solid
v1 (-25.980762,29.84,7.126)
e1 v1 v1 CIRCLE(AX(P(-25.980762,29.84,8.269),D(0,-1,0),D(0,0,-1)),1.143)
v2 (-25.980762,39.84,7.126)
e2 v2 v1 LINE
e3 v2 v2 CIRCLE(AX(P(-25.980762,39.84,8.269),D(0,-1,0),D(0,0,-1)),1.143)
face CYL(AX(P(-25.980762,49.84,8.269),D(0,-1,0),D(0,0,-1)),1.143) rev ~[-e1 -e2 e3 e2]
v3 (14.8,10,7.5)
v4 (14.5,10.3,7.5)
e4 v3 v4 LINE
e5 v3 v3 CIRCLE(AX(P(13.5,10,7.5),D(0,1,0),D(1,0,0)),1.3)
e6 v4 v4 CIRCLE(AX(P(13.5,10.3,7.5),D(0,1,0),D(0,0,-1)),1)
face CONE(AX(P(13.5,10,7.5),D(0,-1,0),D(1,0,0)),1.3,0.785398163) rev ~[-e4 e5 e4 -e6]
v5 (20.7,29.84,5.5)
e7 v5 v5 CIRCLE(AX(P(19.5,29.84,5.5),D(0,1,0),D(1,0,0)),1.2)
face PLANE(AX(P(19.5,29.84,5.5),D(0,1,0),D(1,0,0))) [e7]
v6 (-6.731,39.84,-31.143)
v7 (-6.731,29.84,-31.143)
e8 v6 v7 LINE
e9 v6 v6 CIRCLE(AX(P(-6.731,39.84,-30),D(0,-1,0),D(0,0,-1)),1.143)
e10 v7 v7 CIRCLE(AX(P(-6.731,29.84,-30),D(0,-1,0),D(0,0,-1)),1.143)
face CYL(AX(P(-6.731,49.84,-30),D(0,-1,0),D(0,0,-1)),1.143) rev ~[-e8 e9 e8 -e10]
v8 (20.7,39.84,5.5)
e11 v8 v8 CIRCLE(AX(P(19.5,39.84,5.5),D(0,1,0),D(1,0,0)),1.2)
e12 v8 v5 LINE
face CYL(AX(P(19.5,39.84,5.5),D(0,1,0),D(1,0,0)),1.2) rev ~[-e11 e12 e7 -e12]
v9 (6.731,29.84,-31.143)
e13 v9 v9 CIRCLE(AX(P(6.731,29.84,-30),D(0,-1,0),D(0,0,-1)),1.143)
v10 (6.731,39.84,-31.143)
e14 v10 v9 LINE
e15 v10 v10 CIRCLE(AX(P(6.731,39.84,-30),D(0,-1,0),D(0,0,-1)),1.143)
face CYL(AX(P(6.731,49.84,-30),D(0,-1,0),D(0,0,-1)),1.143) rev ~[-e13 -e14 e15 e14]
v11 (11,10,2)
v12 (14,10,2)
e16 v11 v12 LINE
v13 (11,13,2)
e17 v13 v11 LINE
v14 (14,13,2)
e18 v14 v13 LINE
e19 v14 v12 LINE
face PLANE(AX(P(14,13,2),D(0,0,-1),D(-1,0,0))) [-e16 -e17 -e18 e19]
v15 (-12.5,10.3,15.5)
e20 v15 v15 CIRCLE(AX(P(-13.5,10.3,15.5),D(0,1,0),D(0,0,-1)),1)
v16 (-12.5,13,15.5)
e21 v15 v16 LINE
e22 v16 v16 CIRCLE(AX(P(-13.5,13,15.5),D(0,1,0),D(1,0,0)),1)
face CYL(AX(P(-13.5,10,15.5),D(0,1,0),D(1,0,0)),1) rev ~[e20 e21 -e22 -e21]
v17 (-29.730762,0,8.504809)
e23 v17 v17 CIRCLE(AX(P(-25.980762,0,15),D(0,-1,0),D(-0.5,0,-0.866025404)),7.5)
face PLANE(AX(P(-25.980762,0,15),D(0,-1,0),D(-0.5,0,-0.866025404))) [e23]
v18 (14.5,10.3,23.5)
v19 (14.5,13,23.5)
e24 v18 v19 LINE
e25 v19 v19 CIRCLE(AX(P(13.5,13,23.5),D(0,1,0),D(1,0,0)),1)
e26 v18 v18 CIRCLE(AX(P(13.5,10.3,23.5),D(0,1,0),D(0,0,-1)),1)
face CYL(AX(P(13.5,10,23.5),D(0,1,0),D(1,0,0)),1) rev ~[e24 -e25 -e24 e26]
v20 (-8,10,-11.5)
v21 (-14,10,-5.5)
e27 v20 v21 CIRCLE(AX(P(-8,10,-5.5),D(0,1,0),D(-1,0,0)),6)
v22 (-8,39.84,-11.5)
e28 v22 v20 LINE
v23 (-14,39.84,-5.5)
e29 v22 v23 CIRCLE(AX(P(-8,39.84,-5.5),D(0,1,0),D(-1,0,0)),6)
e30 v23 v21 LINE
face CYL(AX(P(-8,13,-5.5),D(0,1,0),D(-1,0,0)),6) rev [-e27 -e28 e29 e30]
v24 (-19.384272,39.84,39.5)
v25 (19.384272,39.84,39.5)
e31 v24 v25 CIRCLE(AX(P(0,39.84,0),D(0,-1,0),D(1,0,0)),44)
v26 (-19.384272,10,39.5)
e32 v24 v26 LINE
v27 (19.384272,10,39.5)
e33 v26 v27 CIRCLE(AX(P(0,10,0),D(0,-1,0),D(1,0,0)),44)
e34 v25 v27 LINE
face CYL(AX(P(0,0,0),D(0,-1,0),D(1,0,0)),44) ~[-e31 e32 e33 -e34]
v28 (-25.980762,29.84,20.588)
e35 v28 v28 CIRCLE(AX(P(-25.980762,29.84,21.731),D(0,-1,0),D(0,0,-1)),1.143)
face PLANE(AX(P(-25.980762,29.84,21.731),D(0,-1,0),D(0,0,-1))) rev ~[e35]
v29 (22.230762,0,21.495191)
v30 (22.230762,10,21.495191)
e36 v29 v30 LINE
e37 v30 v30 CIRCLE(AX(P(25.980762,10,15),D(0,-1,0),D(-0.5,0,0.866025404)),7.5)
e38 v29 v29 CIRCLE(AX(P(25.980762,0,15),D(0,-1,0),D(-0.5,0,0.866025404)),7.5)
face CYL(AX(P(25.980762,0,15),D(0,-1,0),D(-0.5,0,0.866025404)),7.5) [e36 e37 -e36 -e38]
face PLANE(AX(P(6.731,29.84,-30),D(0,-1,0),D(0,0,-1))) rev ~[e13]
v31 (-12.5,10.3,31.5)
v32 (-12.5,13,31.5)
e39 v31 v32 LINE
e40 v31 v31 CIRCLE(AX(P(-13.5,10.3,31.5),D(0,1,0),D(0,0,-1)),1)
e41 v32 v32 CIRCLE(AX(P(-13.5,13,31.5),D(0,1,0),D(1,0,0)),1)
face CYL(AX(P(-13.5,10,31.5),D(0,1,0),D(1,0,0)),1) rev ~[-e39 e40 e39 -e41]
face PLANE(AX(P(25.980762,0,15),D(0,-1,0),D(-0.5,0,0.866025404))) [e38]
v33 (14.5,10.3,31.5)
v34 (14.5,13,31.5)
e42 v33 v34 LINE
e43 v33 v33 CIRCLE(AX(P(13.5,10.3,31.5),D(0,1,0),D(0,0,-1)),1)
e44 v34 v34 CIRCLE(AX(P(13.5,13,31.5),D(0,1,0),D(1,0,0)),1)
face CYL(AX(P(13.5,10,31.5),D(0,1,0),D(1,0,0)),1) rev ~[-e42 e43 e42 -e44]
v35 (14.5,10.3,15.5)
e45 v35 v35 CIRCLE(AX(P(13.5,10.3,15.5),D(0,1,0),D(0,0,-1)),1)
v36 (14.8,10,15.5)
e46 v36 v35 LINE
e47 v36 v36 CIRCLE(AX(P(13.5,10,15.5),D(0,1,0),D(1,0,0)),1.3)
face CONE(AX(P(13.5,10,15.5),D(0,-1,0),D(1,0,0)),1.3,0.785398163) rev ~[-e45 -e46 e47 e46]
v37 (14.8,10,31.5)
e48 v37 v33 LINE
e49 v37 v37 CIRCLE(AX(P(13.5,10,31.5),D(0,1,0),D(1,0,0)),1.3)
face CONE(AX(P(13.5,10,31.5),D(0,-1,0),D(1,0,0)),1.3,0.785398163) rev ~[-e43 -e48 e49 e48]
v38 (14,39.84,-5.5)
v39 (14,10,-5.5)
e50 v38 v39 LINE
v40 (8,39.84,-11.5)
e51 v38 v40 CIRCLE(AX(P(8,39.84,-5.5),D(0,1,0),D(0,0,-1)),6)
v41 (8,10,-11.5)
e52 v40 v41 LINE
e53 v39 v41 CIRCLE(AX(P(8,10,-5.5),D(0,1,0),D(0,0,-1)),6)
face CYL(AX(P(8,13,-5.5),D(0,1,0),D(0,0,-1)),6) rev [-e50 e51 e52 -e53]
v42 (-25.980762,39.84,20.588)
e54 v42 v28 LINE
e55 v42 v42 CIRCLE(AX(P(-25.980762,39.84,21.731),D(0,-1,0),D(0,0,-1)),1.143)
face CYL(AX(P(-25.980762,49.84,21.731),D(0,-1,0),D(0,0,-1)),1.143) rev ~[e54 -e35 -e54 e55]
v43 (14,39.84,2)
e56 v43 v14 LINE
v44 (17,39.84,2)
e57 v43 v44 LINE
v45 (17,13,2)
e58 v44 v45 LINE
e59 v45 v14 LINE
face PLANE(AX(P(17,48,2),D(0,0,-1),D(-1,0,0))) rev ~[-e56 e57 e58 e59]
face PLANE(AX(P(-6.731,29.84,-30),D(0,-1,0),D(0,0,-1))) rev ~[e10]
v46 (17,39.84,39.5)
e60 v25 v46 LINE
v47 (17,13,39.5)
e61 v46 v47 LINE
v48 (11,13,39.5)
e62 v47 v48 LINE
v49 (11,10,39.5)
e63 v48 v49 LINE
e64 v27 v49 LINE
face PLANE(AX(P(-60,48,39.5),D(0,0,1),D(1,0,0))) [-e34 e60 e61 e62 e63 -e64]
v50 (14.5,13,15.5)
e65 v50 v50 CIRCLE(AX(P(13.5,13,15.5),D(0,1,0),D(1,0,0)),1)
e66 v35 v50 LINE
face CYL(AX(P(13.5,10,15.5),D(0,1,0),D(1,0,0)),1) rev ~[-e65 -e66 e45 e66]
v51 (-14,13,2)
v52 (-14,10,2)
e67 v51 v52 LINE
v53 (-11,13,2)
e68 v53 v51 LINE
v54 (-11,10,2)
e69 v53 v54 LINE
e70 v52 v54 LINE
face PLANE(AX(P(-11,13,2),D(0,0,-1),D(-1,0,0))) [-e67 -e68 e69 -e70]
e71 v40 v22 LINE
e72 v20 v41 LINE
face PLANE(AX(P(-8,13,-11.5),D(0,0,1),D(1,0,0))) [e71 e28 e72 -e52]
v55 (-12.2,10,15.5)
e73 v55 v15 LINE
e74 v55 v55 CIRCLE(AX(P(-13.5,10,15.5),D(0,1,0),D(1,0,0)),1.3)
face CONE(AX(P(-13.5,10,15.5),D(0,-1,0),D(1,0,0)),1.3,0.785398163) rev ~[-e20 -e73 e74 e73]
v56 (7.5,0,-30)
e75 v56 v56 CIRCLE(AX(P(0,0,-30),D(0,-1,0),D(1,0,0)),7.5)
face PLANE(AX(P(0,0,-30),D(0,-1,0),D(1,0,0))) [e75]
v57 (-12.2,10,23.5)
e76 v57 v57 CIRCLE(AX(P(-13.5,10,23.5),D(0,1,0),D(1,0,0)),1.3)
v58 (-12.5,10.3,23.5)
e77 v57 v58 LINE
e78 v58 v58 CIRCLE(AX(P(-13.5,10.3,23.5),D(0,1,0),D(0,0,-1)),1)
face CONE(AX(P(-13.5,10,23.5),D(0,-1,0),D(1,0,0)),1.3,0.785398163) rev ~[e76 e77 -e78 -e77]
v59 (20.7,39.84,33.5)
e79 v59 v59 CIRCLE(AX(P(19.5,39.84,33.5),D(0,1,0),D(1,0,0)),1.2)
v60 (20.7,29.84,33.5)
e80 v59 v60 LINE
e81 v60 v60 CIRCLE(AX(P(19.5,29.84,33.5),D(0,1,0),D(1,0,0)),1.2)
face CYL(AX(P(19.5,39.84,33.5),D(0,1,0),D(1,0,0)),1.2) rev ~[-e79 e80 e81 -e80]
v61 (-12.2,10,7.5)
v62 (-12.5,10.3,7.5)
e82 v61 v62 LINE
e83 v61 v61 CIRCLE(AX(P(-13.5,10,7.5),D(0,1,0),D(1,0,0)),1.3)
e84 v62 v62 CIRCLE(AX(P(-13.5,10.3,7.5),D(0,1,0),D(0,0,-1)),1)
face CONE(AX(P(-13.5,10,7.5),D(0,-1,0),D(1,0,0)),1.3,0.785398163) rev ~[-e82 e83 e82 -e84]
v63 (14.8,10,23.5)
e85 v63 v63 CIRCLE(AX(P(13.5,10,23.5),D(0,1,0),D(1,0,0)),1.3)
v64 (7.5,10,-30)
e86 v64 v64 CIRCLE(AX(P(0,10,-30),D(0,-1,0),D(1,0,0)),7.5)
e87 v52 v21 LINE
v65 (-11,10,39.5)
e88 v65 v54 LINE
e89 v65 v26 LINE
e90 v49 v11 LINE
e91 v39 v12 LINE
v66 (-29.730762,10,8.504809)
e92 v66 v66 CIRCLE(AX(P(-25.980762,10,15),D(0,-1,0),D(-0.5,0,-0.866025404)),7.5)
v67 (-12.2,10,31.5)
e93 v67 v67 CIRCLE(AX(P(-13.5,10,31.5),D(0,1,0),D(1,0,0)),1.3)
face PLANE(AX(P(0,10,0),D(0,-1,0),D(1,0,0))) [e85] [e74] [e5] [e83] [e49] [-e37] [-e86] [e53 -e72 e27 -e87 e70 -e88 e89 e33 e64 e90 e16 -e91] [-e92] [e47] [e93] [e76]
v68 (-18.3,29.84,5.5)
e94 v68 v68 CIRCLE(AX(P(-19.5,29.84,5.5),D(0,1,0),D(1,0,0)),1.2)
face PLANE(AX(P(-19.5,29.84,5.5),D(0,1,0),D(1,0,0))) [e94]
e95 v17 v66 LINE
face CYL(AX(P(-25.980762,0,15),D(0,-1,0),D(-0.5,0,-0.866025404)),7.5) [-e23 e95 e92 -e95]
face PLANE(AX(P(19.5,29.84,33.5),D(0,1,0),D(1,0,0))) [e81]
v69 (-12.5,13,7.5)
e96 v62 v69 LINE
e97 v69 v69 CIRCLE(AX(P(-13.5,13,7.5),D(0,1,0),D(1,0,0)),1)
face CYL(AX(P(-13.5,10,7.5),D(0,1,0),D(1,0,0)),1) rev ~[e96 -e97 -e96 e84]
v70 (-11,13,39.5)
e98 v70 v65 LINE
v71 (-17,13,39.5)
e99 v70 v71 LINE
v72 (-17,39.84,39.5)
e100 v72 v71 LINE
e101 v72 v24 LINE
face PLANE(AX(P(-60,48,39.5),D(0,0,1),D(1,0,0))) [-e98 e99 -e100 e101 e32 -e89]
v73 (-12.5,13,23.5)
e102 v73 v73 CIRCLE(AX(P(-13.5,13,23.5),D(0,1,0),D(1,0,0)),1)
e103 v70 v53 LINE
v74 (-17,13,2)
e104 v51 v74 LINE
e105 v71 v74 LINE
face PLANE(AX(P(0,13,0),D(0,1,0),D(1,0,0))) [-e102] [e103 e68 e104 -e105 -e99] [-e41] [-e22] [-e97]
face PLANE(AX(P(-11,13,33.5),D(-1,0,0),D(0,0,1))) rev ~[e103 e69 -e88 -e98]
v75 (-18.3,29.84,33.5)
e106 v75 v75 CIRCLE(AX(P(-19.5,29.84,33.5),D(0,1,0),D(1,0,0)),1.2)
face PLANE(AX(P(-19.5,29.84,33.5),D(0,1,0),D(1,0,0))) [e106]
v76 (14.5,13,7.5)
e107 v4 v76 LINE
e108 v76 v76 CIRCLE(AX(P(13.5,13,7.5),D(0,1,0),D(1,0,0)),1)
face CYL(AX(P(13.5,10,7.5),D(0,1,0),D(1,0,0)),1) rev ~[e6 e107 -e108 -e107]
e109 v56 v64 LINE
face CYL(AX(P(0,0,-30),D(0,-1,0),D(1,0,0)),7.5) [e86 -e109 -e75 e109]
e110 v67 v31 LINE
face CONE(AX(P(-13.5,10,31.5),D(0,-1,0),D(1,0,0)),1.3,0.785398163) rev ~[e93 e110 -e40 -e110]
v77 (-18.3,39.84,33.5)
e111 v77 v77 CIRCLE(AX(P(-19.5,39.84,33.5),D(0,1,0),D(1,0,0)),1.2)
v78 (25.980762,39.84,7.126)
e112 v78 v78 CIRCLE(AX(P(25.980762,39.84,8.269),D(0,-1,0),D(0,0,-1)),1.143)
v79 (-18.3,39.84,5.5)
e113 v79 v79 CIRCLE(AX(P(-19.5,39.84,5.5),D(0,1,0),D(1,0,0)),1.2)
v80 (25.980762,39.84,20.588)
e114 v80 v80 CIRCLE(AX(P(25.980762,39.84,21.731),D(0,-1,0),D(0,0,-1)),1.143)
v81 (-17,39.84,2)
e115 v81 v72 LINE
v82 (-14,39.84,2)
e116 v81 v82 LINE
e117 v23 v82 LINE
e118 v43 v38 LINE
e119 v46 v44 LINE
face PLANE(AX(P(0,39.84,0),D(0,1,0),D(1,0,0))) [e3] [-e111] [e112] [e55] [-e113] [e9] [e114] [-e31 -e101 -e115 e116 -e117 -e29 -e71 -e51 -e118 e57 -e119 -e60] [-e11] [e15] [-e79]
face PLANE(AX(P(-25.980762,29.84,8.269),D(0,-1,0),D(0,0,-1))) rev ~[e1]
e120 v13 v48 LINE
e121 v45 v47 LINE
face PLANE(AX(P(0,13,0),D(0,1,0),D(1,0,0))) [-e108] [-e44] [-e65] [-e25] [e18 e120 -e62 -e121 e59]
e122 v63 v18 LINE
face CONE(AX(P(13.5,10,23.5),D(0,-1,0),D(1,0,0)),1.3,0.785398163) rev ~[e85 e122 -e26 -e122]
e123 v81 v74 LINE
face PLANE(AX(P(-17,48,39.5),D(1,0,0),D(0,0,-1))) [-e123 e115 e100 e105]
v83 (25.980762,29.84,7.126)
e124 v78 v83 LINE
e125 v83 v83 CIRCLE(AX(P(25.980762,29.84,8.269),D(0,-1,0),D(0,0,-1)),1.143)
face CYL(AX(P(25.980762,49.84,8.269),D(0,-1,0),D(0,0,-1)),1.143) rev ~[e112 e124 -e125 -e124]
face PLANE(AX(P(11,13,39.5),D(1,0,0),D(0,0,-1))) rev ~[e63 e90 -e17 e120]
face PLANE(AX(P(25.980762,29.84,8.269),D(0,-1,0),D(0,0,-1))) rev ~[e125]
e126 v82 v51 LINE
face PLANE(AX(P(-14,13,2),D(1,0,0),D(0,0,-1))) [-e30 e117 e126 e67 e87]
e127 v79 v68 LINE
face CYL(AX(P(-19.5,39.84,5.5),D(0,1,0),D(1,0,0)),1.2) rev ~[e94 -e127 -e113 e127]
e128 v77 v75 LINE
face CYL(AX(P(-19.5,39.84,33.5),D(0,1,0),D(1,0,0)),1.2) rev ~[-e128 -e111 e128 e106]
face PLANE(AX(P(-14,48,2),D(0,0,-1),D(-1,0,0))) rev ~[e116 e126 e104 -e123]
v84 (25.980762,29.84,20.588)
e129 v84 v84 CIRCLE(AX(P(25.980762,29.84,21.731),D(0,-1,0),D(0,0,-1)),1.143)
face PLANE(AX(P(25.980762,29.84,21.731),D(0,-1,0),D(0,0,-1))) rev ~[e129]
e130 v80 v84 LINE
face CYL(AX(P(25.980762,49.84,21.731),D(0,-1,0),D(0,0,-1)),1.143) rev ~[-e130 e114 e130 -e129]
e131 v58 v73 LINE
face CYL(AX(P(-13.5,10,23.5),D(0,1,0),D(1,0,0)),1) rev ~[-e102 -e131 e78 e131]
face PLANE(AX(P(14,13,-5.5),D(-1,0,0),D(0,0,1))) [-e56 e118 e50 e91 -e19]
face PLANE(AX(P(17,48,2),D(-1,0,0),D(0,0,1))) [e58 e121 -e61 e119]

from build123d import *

# Parameters (mm, degrees)
IZIM2_R                                        = 44
Y_KSEKLIK_EKSTR_ZYON1_DEPTH                    = 48
IZIM3_R                                        = 11
KES_EKSTR_ZYON1_DEPTH                          = 35
SERVO_MOTOR_BO_LU_U_REACH                      = 15
IZIM5_R                                        = 5.5
IZIM5_W                                        = 20
IZIM5_H                                        = 6.5
IZIM5_W_2                                      = 6
IZIM5_H_2                                      = 7.2
IZIM6_W                                        = 120
IZIM6_H                                        = 25
KES_EKSTR_ZYON3_DEPTH                          = 49
IZIM7_W                                        = 34
IZIM7_H                                        = 10
KES_EKSTR_ZYON4_DEPTH                          = 37.5
IZIM8_R                                        = 5.5
IZIM8_W                                        = 20
IZIM8_H                                        = 6.5
KES_EKSTR_ZYON5_DEPTH                          = 14
M2_D_Z_BA_L_MAKINE_VIDAS_IN_HAV_A1_D           = 2
M2_D_Z_BA_L_MAKINE_VIDAS_IN_HAV_A1_DEPTH       = 3
M2_D_Z_BA_L_MAKINE_VIDAS_IN_HAV_A1_CSINK_D     = 2.6
M2_D_Z_BA_L_MAKINE_VIDAS_IN_HAV_A1_CSINK_ANGLE = 90
IZIM11_R                                       = 47.5
KES_EKSTR_ZYON6_DEPTH                          = 8.16
IZIM14_R                                       = 47.5
KES_EKSTR_ZYON7_DEPTH                          = 10
IZIM13_R                                       = 7.5
TABAN_AYAKLAR_DEPTH                            = 10
DAIRESEL_KAPLAMA1_COUNT                        = 3
F_3_8_Z_VANA_IN_BORU_Z_VANA_MATKAB_1_D         = 2.286
F_3_8_Z_VANA_IN_BORU_Z_VANA_MATKAB_1_DEPTH     = 10
IZIM18_R                                       = 1.2
KES_EKSTR_ZYON8_DEPTH                          = 10


with BuildPart() as part:
    # Çizim2 → Yükseklik-Ekstrüzyon1 (new body)
    with BuildSketch(Plane(origin=(0, 0, 0), x_dir=(1, 0, 0), z_dir=(0, 1, 0))):
        Circle(IZIM2_R)
    extrude(amount=Y_KSEKLIK_EKSTR_ZYON1_DEPTH)

    # Çizim3 → Kes-Ekstrüzyon1 (cut)
    with BuildSketch(Plane(origin=(0, 48, 0), x_dir=(1, 0, 0), z_dir=(0, 1, 0))):
        Circle(IZIM3_R)
        Polygon((-14, -2), (14, -2), (17, -2), (17, -39.5), (-17, -39.5), (-17, -2), align=None)
        with BuildLine():
            Line((-8, 11.5), (8, 11.5))
            ThreePointArc((8, 11.5), (12.242640687, 9.742640687), (14, 5.5))
            Line((14, 5.5), (14, -2))
            Line((14, -2), (-14, -2))
            Line((-14, -2), (-14, 5.5))
            ThreePointArc((-14, 5.5), (-12.242640687, 9.742640687), (-8, 11.5))
        make_face()
        with BuildLine():
            ThreePointArc((11, 0), (-1.004193186, 10.954067557), (-10.816653826, -2))
            Line((-10.816653826, -2), (10.816653826, -2))
            ThreePointArc((10.816653826, -2), (10.954067557, -1.004193186), (11, 0))
        make_face()
        with BuildLine():
            Line((10.816653826, -2), (-10.816653826, -2))
            ThreePointArc((-10.816653826, -2), (0, -11), (10.816653826, -2))
        make_face()
    extrude(amount=-KES_EKSTR_ZYON1_DEPTH, mode=Mode.SUBTRACT)

    # Çizim5 → Servo Motor Boşluğu (cut, up to next)
    with BuildSketch(Plane(origin=(0, 13, 0), x_dir=(1, 0, 0), z_dir=(0, 1, 0)), mode=Mode.PRIVATE) as servo_motor_bo_lu_u_sk1:
        Circle(IZIM5_R)
    servo_motor_bo_lu_u_tool1 = extrude(servo_motor_bo_lu_u_sk1.sketch, amount=-SERVO_MOTOR_BO_LU_U_REACH, mode=Mode.PRIVATE) & part.part
    add(servo_motor_bo_lu_u_tool1.solids().sort_by_distance((0, 13, 0))[0], mode=Mode.SUBTRACT)
    # Çizim5 → Servo Motor Boşluğu (cut, up to next)
    with BuildSketch(Plane(origin=(0, 13, 0), x_dir=(1, 0, 0), z_dir=(0, 1, 0)), mode=Mode.PRIVATE) as servo_motor_bo_lu_u_sk2:
        with Locations((0, -16.35)):
            Rectangle(IZIM5_W, IZIM5_H)
    servo_motor_bo_lu_u_tool2 = extrude(servo_motor_bo_lu_u_sk2.sketch, amount=-SERVO_MOTOR_BO_LU_U_REACH, mode=Mode.PRIVATE) & part.part
    add(servo_motor_bo_lu_u_tool2.solids().sort_by_distance((0, 13, 16.35))[0], mode=Mode.SUBTRACT)
    # Çizim5 → Servo Motor Boşluğu (cut, up to next)
    with BuildSketch(Plane(origin=(0, 13, 0), x_dir=(1, 0, 0), z_dir=(0, 1, 0)), mode=Mode.PRIVATE) as servo_motor_bo_lu_u_sk3:
        with Locations((-8, -29.9)):
            Rectangle(IZIM5_W_2, IZIM5_H_2)
    servo_motor_bo_lu_u_tool3 = extrude(servo_motor_bo_lu_u_sk3.sketch, amount=-SERVO_MOTOR_BO_LU_U_REACH, mode=Mode.PRIVATE) & part.part
    add(servo_motor_bo_lu_u_tool3.solids().sort_by_distance((-8, 13, 29.9))[0], mode=Mode.SUBTRACT)
    # Çizim5 → Servo Motor Boşluğu (cut, up to next)
    with BuildSketch(Plane(origin=(0, 13, 0), x_dir=(1, 0, 0), z_dir=(0, 1, 0)), mode=Mode.PRIVATE) as servo_motor_bo_lu_u_sk4:
        with Locations((8, -29.9)):
            Rectangle(IZIM5_W_2, IZIM5_H_2)
    servo_motor_bo_lu_u_tool4 = extrude(servo_motor_bo_lu_u_sk4.sketch, amount=-SERVO_MOTOR_BO_LU_U_REACH, mode=Mode.PRIVATE) & part.part
    add(servo_motor_bo_lu_u_tool4.solids().sort_by_distance((8, 13, 29.9))[0], mode=Mode.SUBTRACT)

    # Çizim6 → Kes-Ekstrüzyon3 (cut, through all)
    with BuildSketch(Plane(origin=(0, 48, 0), x_dir=(1, 0, 0), z_dir=(0, 1, 0))):
        with Locations((0, -52)):
            Rectangle(IZIM6_W, IZIM6_H)
    extrude(amount=-KES_EKSTR_ZYON3_DEPTH, mode=Mode.SUBTRACT)

    # Çizim7 → Kes-Ekstrüzyon4 (cut)
    with BuildSketch(Plane.XY.offset(39.5)):
        with Locations((0, 5)):
            Rectangle(IZIM7_W, IZIM7_H)
    extrude(amount=-KES_EKSTR_ZYON4_DEPTH, mode=Mode.SUBTRACT)

    # Çizim8 → Kes-Ekstrüzyon5 (cut, through all)
    with BuildSketch(Plane(origin=(0, 13, 0), x_dir=(1, 0, 0), z_dir=(0, 1, 0))):
        Circle(IZIM8_R)
        with BuildLine():
            Line((14, -2), (11, -2))
            Line((11, -2), (-11, -2))
            Line((-11, -2), (-14, -2))
            Line((-14, -2), (-14, 5.5))
            ThreePointArc((-14, 5.5), (-12.242640687, 9.742640687), (-8, 11.5))
            Line((-8, 11.5), (8, 11.5))
            ThreePointArc((8, 11.5), (12.242640687, 9.742640687), (14, 5.5))
            Line((14, 5.5), (14, -2))
        make_face()
        with BuildLine():
            Line((-5.123475383, -2), (-11, -2))
            Line((-11, -2), (-11, -26.3))
            Line((-11, -26.3), (-5, -26.3))
            Line((-5, -26.3), (-5, -33.5))
            Line((-5, -33.5), (-11, -33.5))
            Line((-11, -33.5), (-11, -39.5))
            Line((-11, -39.5), (11, -39.5))
            Line((11, -39.5), (11, -33.5))
            Line((11, -33.5), (5, -33.5))
            Line((5, -33.5), (5, -26.3))
            Line((5, -26.3), (11, -26.3))
            Line((11, -26.3), (11, -2))
            Line((11, -2), (5.123475383, -2))
            ThreePointArc((5.123475383, -2), (0, -5.5), (-5.123475383, -2))
        make_face()
        with Locations((0, -16.35)):
            Rectangle(IZIM8_W, IZIM8_H, mode=Mode.SUBTRACT)
        with BuildLine():
            ThreePointArc((5.5, 0), (-1.017567048, 5.405049242), (-5.123475383, -2))
            Line((-5.123475383, -2), (5.123475383, -2))
            ThreePointArc((5.123475383, -2), (5.405049242, -1.017567048), (5.5, 0))
        make_face()
        with BuildLine():
            Line((5.123475383, -2), (-5.123475383, -2))
            ThreePointArc((-5.123475383, -2), (0, -5.5), (5.123475383, -2))
        make_face()
    extrude(amount=-KES_EKSTR_ZYON5_DEPTH, mode=Mode.SUBTRACT)

    # M2 Düz Başlı Makine Vidası İçin Havşa1
    with Locations(Plane(origin=(-13.5, 10, 31.5), x_dir=(-1, 0, 0), z_dir=(0, -1, 0))):
        with Locations((0, 0), (0, 8), (0, 16), (0, 24), (-27, 0), (-27, 8), (-27, 16), (-27, 24)):
            CounterSinkHole(M2_D_Z_BA_L_MAKINE_VIDAS_IN_HAV_A1_D / 2, M2_D_Z_BA_L_MAKINE_VIDAS_IN_HAV_A1_CSINK_D / 2, depth=M2_D_Z_BA_L_MAKINE_VIDAS_IN_HAV_A1_DEPTH, counter_sink_angle=M2_D_Z_BA_L_MAKINE_VIDAS_IN_HAV_A1_CSINK_ANGLE)

    # Çizim11 → Kes-Ekstrüzyon6 (cut)
    with BuildSketch(Plane(origin=(0, 48, 0), x_dir=(1, 0, 0), z_dir=(0, 1, 0))):
        Circle(IZIM11_R)
    extrude(amount=-KES_EKSTR_ZYON6_DEPTH, mode=Mode.SUBTRACT)

    # Çizim14 → Kes-Ekstrüzyon7 (cut)
    with BuildSketch(Plane.XZ):
        Circle(IZIM14_R)
    extrude(amount=-KES_EKSTR_ZYON7_DEPTH, mode=Mode.SUBTRACT)

    # Çizim13 → Taban Ayakları (add)
    with BuildSketch(Plane.XZ):
        with Locations((0, -30)):
            Circle(IZIM13_R)
    taban_ayaklar = extrude(amount=-TABAN_AYAKLAR_DEPTH)

    # Dairesel Kaplama1: Taban Ayakları ×3 about axis
    dairesel_kaplama1_axis = Axis((0, 0, 0), (0, 1, 0))
    for i in range(1, DAIRESEL_KAPLAMA1_COUNT):
        add(taban_ayaklar.rotate(dairesel_kaplama1_axis, i * 360 / DAIRESEL_KAPLAMA1_COUNT))

    # 3/8 Zıvana İçin Boru Zıvana Matkabı1
    with Locations(Plane(origin=(-6.731, 39.84, -30), x_dir=(0, 0, 1), z_dir=(0, 1, 0))):
        with Locations((0, 0), (0, 13.462), (38.269, -19.249762114), (51.731, -19.249762114), (38.269, 32.711762114), (51.731, 32.711762114)):
            Hole(F_3_8_Z_VANA_IN_BORU_Z_VANA_MATKAB_1_D / 2, depth=F_3_8_Z_VANA_IN_BORU_Z_VANA_MATKAB_1_DEPTH)

    # Çizim18 → Kes-Ekstrüzyon8 (cut)
    with BuildSketch(Plane(origin=(0, 39.84, 0), x_dir=(1, 0, 0), z_dir=(0, 1, 0))):
        with Locations((-19.5, -5.5)):
            Circle(IZIM18_R)
        with Locations((-19.5, -33.5)):
            Circle(IZIM18_R)
        with Locations((19.5, -5.5)):
            Circle(IZIM18_R)
        with Locations((19.5, -33.5)):
            Circle(IZIM18_R)
    extrude(amount=-KES_EKSTR_ZYON8_DEPTH, mode=Mode.SUBTRACT)


solid = part.part
